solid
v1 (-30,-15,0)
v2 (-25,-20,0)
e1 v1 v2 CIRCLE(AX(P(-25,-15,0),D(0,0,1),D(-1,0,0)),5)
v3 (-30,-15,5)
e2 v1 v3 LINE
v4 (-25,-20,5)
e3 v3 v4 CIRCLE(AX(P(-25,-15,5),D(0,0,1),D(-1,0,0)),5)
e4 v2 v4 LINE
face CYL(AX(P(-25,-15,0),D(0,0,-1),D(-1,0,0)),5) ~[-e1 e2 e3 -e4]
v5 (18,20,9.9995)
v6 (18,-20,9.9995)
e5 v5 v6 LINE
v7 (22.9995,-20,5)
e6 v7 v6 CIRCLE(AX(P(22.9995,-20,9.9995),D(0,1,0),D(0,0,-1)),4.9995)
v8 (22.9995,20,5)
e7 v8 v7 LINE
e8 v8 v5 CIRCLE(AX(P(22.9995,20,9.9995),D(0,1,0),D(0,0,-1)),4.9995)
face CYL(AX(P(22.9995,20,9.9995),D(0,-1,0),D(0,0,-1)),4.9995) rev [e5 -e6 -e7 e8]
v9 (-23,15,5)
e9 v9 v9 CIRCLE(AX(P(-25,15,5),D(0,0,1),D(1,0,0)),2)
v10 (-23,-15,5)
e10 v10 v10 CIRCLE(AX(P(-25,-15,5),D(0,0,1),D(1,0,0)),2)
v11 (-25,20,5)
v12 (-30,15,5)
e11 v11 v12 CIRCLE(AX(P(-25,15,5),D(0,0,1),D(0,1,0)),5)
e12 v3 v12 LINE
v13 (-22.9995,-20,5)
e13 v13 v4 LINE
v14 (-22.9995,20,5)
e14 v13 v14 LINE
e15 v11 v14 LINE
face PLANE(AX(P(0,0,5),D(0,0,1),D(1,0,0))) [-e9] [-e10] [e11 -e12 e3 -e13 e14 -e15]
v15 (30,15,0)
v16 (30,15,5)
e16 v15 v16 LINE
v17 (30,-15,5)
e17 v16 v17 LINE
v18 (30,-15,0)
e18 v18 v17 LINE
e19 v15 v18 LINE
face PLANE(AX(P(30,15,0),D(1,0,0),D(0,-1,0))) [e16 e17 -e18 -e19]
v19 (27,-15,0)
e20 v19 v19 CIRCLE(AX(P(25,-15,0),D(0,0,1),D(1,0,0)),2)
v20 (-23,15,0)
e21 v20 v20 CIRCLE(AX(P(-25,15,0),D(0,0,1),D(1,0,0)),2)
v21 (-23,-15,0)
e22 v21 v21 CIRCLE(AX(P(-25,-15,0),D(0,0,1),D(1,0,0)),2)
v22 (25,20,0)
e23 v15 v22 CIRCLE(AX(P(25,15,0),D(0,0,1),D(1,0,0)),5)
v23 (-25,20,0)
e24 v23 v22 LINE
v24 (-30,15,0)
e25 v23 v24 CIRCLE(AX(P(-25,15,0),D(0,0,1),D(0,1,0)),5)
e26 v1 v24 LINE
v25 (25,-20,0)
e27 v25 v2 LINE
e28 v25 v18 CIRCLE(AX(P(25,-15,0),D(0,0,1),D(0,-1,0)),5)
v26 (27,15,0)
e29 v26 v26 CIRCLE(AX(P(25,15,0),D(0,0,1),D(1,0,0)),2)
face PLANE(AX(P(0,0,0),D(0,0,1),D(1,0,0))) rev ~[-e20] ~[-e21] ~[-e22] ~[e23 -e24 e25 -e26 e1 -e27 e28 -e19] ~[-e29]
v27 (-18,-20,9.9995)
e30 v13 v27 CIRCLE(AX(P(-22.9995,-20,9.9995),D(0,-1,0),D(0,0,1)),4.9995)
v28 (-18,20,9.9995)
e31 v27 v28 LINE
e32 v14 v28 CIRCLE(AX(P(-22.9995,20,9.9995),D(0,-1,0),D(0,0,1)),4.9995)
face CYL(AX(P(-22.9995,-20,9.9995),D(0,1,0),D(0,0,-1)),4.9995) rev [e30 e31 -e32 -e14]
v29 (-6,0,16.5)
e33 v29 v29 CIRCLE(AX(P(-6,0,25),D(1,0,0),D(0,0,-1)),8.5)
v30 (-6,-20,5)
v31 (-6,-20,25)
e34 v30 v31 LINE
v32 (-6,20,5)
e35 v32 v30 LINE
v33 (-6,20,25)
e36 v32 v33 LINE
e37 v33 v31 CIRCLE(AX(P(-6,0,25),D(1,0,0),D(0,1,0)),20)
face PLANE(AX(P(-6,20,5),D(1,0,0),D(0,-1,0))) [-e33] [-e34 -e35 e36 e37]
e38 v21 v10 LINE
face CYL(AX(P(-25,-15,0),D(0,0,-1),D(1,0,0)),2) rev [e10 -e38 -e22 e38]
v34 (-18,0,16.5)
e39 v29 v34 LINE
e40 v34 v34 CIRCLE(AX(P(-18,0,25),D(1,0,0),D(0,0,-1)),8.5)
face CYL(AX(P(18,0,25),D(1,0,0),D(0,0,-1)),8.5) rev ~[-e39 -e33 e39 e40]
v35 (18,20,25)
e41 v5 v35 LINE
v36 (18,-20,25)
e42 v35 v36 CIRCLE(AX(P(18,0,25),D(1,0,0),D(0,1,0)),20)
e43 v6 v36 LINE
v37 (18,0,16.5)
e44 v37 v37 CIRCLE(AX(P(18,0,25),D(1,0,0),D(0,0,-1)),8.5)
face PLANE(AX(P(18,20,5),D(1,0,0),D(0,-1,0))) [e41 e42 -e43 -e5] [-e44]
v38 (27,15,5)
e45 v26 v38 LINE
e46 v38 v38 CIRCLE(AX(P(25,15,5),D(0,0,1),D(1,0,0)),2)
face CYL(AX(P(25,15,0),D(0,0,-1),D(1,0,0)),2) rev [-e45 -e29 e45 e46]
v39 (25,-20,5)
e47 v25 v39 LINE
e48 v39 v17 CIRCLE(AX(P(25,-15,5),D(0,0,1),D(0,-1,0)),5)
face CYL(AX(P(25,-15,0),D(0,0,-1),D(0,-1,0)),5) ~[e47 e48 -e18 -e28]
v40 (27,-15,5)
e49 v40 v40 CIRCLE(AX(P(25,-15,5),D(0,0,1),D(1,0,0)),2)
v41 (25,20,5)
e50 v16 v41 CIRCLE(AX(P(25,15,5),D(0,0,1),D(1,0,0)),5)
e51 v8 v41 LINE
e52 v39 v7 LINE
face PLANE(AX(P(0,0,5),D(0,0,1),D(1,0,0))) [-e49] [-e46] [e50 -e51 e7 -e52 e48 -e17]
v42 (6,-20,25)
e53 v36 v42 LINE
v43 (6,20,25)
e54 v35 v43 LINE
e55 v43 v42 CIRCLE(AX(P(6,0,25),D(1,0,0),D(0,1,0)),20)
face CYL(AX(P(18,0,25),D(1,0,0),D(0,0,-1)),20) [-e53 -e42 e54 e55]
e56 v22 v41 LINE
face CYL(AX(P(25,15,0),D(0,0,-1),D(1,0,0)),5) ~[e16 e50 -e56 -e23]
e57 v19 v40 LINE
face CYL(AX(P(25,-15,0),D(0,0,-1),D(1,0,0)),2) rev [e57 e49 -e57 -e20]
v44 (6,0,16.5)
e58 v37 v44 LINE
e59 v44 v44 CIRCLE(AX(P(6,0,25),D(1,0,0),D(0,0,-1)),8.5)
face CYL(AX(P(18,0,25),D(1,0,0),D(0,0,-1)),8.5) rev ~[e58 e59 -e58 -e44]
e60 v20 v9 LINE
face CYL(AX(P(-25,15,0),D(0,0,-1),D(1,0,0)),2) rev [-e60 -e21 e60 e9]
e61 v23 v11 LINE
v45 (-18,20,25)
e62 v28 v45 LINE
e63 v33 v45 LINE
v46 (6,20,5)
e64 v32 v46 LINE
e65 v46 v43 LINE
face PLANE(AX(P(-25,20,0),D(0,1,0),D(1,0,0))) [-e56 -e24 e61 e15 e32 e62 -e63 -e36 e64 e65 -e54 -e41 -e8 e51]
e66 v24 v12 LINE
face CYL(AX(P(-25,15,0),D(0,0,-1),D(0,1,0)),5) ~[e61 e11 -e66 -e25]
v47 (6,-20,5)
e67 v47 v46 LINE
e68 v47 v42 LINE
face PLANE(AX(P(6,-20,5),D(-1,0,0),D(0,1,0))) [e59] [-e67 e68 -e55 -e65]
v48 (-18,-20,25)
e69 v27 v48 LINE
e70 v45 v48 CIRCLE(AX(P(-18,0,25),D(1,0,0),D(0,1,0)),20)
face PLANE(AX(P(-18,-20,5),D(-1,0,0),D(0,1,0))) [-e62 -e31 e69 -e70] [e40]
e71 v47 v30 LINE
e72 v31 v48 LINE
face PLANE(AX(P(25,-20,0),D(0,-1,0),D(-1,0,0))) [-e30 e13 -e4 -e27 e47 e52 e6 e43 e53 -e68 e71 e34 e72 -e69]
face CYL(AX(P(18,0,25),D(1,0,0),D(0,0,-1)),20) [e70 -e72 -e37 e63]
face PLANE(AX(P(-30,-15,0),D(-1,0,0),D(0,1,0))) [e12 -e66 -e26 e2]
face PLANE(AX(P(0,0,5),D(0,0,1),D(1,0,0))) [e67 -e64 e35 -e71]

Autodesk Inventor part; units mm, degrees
ref_plane "YZ Plane" through (0, 0, 0) normal (1, 0, 0) x (0, 1, 0)
ref_plane "XZ Plane" through (0, 0, 0) normal (0, 1, 0) x (-1, 0, 0)
ref_plane "XY Plane" through (0, 0, 0) normal (0, 0, 1) x (1, 0, 0)
sketch "Sketch8" plane through (0, 0, 0) normal (0, 0, 1) x (1, 0, 0)
  line L0 (-25, 20) -> (25, 20)
  line L1 (30, 15) -> (30, -15)
  line L2 (25, -20) -> (-25, -20)
  line L3 (-30, -15) -> (-30, 15)
  line L4 (-30, 20) -> (30, -20) construction
  line L5 (30, 20) -> (-30, -20) construction
  line L6 (-25, 15) -> (25, 15) construction
  line L7 (25, 15) -> (25, -15) construction
  line L8 (25, -15) -> (-25, -15) construction
  line L9 (-25, -15) -> (-25, 15) construction
  line L10 (-25, 15) -> (25, -15) construction
  line L11 (25, 15) -> (-25, -15) construction
  circle A0 centre (-25, 15) radius 2
  circle A1 centre (25, 15) radius 2
  circle A2 centre (25, -15) radius 2
  circle A3 centre (-25, -15) radius 2
  arc A4 (-25, 20) -> (-30, 15) centre (-25, 15) ccw
  arc A5 (-30, -15) -> (-25, -20) centre (-25, -15) ccw
  arc A6 (25, -20) -> (30, -15) centre (25, -15) ccw
  arc A7 (30, 15) -> (25, 20) centre (25, 15) ccw
  point P0 (0, 0)
  dimension "d30" = 40
  dimension "d31" = 4
  dimension "d32" = 50
  dimension "d33" = 60
  dimension "d34" = 30
  dimension "d35" = 5
extrude "Extrusion8" add sketch "Sketch8" along normal blind 5
sketch "Sketch9" plane through (0, 0, 5) normal (0, 0, 1) x (1, 0, 0)
  line L0 (-25, -20) -> (25, -20) projected
  line L1 (-18, 20) -> (-6, 20)
  line L2 (-6, 20) -> (-6, -20)
  line L3 (-6, -20) -> (-18, -20)
  line L4 (-18, -20) -> (-18, 20)
  line L5 (-18, 20) -> (-6, -20) construction
  line L6 (-6, 20) -> (-18, -20) construction
  line L7 (6, 20) -> (18, 20)
  line L8 (18, 20) -> (18, -20)
  line L9 (18, -20) -> (6, -20)
  line L10 (6, -20) -> (6, 20)
  line L11 (6, 20) -> (18, -20) construction
  line L12 (18, 20) -> (6, -20) construction
  line L13 (25, 20) -> (-25, 20) projected
  point P0 (0, 0)
  point P1 (-12, 0)
  point P2 (12, 0)
  dimension "d38" = 12
  dimension "d39" = 6
  dimension "d40" = 6
extrude "Extrusion9" add sketch "Sketch9" along normal blind 40 contours L4 L1 L2 L0 | L10 L7 L8 L0
fillet "Fillet3" radius 5 2 edges at (-18, 0, 5) (18, 0, 5)
sketch "Sketch10" plane through (18, -20, 45) normal (1, 0, 0) x (0, 0, -1)
  circle A0 centre (20, 20) radius 8.5
  circle A1 centre (20, 20) radius 20
  line L0 (0, 0) -> (0, 40)
  line L1 (38.3283, 0) -> (41.7977, 39.6968)
  line L2 (20, 0) -> (0, 0)
  line L3 (20, 0) -> (0, 0)
  line L4 (0, 0) -> (0, 40)
  line L5 (0, 40) -> (20, 40)
  line L6 (35, 40) -> (0, 40) projected
  line L7 (0, 0) -> (0, 40) projected
  line L8 (35, 0) -> (0, 0) projected
  point P0 (45, 20)
  point P1 (45, 20)
  point P2 (0, 20)
  dimension "d44" = 17
extrude "Extrusion10" cut sketch "Sketch10" against normal through all contours A0 | A1 L0 L5 | A1 L2 L0
sketch "Sketch5" plane through (0, 0, 0) normal (0, 0, 1) x (1, 0, 0)
  line L0 (15, 15) -> (15, -15) construction
  line L1 (15, -15) -> (-15, -15) construction
  line L2 (-15, -15) -> (-15, 15) construction
  line L3 (-15, 15) -> (15, -15) construction
  line L4 (15, 15) -> (-15, -15) construction
  circle A0 centre (-15, 15) radius 2
  circle A1 centre (15, 15) radius 2
  circle A2 centre (15, -15) radius 2
  circle A3 centre (-15, -15) radius 2
  line L5 (-15, 20) -> (15, 20)
  line L6 (20, 15) -> (20, -15)
  line L7 (15, -20) -> (-15, -20)
  line L8 (-20, -15) -> (-20, 15)
  line L9 (-20, 20) -> (20, -20) construction
  line L10 (20, 20) -> (-20, -20) construction
  arc A4 (20, 15) -> (15, 20) centre (15, 15) ccw
  arc A5 (15, -20) -> (20, -15) centre (15, -15) ccw
  arc A6 (-20, -15) -> (-15, -20) centre (-15, -15) ccw
  arc A7 (-15, 20) -> (-20, 15) centre (-15, 15) ccw
  point P0 (0, 0)
  dimension "d16" = 4
  dimension "d17" = 30
  dimension "d18" = 40
  dimension "d20" = 5
sketch "Sketch6" plane through (0, 0, 10) normal (0, 0, 1) x (1, 0, 0)
  line L0 (-15, -20) -> (15, -20) projected
  line L1 (-6, 20) -> (6, 20)
  line L2 (6, 20) -> (6, -20)
  line L3 (6, -20) -> (-6, -20)
  line L4 (-6, -20) -> (-6, 20)
  line L5 (-6, 20) -> (6, -20) construction
  line L6 (6, 20) -> (-6, -20) construction
  point P0 (0, 0)
  dimension "d23" = 12
sketch "Sketch7" plane through (6, -20, 50) normal (1, 0, 0) x (0, 0, -1)
  circle A0 centre (20, 20) radius 8.5
  circle A1 centre (20, 20) radius 20
  line L0 (0, 0) -> (0, 40) projected
  line L1 (40, 0) -> (40, 40) projected
  line L2 (35, 0) -> (0, 0) projected
  line L3 (20, 0) -> (0, 0)
  line L4 (0, 0) -> (0, 40)
  line L5 (0, 40) -> (20, 40)
  line L6 (35, 40) -> (0, 40) projected
  point P0 (50, 20)
  point P1 (0, 20)
  dimension "d27" = 17
sketch "Sketch1" plane through (0, 0, 0) normal (0, 1, 0) x (-1, 0, 0)
  line L0 (27.5, 22.5) -> (-27.5, 22.5)
  line L1 (-27.5, 22.5) -> (-27.5, -22.5)
  line L2 (-27.5, -22.5) -> (27.5, -22.5)
  line L3 (27.5, -22.5) -> (27.5, 22.5)
  point P0 (0, 0)
  point P1 (27.5, 0)
  point P2 (0, -22.5)
  dimension "d0" = 45
  dimension "d1" = 55
sketch "Sketch2" plane through (0, 10, 0) normal (0, 1, 0) x (1, 0, 0)
  line L0 (-27.5, 22.5) -> (-27.5, -22.5) projected
  line L1 (-27.5, -22.5) -> (27.5, -22.5) projected
  line L2 (-27.5, 22.5) -> (-19.5, 22.5)
  line L3 (-19.5, 22.5) -> (-19.5, -22.5)
  line L4 (-19.5, -22.5) -> (-27.5, -22.5)
  line L5 (-27.5, -22.5) -> (-27.5, 22.5)
  line L6 (27.5, -22.5) -> (27.5, 22.5) projected
  line L7 (27.5, 22.5) -> (19.5, 22.5)
  line L8 (19.5, 22.5) -> (19.5, -22.5)
  line L9 (19.5, -22.5) -> (27.5, -22.5)
  line L10 (27.5, -22.5) -> (27.5, 22.5)
  point P0 (0, 0)
  dimension "d4" = 8
  dimension "d5" = 8
sketch "Sketch4" plane through (0, 0, 0) normal (0, -1, 0) x (1, 0, 0)
  line L0 (15, 15) -> (-15, 15) construction
  line L1 (-15, 15) -> (-15, -15) construction
  line L2 (-15, -15) -> (15, -15) construction
  line L3 (15, -15) -> (15, 15) construction
  line L4 (15, 15) -> (-15, -15) construction
  line L5 (-15, 15) -> (15, -15) construction
  circle A0 centre (15, -15) radius 2
  circle A1 centre (-15, -15) radius 2
  circle A2 centre (-15, 15) radius 2
  circle A3 centre (15, 15) radius 2
  point P0 (0, 0)
  dimension "d12" = 30
  dimension "d13" = 4
sketch "Sketch3" plane through (27.5, 0, 22.5) normal (1, 0, 0) x (0, 0, -1)
  circle A0 centre (22.5, 25) radius 15
  line L0 (22.5, 25) -> (22.5, 47.5) construction
  line L1 (45, 47.5) -> (0, 47.5) projected
  line L2 (22.5, 25) -> (45, 25) construction
  line L3 (45, 0) -> (45, 47.5) projected
  point P0 (22.5, 0)
  dimension "d9" = 30
properties part number "DoubleHinge"
